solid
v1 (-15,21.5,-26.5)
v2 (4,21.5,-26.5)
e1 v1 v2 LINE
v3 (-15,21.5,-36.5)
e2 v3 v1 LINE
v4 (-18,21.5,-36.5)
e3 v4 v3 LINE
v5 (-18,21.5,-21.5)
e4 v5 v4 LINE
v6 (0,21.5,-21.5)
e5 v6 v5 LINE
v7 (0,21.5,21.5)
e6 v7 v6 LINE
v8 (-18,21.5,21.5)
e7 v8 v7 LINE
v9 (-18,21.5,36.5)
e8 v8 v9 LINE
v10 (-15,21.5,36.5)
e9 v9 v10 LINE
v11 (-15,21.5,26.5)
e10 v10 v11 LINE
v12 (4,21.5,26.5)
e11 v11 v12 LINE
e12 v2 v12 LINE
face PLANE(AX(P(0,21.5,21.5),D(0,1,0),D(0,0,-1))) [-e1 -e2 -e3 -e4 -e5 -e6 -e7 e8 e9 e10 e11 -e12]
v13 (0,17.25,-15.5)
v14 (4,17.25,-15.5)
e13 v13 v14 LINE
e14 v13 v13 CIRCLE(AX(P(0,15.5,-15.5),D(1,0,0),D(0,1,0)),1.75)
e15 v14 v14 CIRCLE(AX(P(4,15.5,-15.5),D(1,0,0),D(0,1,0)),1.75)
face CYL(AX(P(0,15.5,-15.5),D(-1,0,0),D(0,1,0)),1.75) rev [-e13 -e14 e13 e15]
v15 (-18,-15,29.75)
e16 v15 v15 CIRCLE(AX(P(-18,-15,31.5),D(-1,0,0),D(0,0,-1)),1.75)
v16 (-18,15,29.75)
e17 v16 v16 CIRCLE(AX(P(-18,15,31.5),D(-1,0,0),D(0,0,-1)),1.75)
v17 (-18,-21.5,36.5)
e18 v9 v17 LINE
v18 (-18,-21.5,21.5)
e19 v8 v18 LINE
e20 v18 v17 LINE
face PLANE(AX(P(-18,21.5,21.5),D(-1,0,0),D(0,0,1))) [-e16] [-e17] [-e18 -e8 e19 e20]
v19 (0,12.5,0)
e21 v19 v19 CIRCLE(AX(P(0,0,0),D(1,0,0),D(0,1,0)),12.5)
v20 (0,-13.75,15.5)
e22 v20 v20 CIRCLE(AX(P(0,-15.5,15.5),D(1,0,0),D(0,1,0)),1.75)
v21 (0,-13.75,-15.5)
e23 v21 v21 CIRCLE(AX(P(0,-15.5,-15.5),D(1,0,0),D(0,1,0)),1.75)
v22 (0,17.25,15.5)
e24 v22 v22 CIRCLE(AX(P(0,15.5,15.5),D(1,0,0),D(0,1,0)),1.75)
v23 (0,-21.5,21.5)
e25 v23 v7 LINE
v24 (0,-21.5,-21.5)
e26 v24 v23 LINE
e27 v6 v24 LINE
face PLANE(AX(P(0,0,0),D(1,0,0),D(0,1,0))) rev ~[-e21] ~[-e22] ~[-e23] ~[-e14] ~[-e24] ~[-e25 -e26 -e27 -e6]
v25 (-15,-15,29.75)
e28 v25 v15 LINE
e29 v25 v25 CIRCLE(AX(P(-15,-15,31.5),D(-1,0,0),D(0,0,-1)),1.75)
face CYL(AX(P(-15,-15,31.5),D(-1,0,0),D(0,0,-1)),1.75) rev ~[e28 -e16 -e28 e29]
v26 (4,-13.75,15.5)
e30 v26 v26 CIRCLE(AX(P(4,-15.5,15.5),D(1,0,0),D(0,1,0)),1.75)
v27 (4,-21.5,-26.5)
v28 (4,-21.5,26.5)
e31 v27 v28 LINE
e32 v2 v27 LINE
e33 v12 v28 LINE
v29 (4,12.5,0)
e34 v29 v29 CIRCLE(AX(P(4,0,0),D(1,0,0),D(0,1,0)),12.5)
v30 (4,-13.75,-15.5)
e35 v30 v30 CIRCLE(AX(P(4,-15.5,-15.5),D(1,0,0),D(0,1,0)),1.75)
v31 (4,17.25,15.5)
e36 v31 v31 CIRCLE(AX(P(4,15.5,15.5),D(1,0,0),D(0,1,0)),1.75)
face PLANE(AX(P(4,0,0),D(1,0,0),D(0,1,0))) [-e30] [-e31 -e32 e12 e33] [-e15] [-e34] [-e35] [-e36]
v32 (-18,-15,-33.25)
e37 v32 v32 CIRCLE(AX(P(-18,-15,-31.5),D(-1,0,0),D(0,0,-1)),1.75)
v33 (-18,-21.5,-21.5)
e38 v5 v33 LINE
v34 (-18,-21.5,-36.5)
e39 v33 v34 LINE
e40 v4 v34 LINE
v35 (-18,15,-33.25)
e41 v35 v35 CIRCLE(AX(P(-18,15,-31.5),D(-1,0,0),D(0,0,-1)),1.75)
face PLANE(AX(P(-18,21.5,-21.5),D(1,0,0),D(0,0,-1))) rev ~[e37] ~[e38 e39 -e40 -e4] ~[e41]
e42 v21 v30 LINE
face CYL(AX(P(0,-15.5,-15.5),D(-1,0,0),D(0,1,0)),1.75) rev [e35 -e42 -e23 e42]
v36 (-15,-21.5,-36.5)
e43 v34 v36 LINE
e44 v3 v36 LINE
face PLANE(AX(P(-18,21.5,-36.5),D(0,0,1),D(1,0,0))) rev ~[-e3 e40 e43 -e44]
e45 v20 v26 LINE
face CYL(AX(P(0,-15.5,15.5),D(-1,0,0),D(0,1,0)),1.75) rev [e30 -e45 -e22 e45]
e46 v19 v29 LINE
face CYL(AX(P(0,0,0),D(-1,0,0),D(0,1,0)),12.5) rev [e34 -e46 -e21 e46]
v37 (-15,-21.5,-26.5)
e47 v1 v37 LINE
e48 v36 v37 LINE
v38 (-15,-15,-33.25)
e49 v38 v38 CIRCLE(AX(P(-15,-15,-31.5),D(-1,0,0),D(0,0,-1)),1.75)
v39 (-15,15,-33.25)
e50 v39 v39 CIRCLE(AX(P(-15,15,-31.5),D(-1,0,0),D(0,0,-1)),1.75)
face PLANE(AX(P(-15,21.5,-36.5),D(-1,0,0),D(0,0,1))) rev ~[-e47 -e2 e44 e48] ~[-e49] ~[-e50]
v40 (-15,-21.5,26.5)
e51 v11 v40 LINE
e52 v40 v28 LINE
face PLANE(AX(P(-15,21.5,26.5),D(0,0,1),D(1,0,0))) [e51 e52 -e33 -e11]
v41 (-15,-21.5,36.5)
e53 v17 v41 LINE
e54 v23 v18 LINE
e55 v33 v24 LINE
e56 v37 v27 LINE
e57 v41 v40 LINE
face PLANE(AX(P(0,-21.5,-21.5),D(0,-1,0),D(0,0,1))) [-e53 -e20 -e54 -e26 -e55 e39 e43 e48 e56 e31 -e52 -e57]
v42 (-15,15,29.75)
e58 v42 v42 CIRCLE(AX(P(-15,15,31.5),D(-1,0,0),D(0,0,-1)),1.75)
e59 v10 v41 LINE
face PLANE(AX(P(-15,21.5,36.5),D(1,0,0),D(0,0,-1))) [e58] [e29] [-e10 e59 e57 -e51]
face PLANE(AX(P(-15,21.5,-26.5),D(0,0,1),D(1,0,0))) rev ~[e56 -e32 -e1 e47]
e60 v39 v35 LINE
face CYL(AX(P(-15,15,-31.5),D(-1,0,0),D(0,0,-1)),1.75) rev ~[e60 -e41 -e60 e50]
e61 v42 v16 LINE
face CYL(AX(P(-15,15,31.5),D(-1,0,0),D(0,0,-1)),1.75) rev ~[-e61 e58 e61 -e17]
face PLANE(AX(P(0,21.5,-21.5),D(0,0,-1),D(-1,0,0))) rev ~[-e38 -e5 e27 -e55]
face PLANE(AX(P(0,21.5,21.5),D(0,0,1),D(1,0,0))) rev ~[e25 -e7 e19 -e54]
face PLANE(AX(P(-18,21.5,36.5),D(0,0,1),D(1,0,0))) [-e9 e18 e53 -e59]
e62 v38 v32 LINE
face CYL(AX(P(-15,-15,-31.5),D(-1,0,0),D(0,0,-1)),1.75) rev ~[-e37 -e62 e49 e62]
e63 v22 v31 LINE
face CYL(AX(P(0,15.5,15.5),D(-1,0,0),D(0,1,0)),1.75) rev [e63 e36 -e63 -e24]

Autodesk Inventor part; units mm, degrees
ref_plane "YZ Plane" through (0, 0, 0) normal (1, 0, 0) x (0, 1, 0)
ref_plane "XZ Plane" through (0, 0, 0) normal (0, 1, 0) x (-1, 0, 0)
ref_plane "XY Plane" through (0, 0, 0) normal (0, 0, 1) x (1, 0, 0)
sketch "Sketch1" plane through (0, 0, 0) normal (1, 0, 0) x (0, 1, 0)
  circle A0 centre (0, 0) radius 12.5
  circle A1 centre (-15.5, -15.5) radius 1.75
  circle A2 centre (15.5, -15.5) radius 1.75
  circle A3 centre (15.5, 15.5) radius 1.75
  circle A4 centre (-15.5, 15.5) radius 1.75
  line L0 (21.5, -21.5) -> (-21.5, -21.5)
  line L1 (-21.5, -21.5) -> (-21.5, 21.5)
  line L2 (-21.5, 21.5) -> (21.5, 21.5)
  line L3 (21.5, 21.5) -> (21.5, -21.5)
  line L4 (21.5, -21.5) -> (-21.5, 21.5) construction
  line L5 (-21.5, -21.5) -> (21.5, 21.5) construction
  dimension "d2" = 360
  dimension "d4" = 3.5
  dimension "d5" = 25
  dimension "d6" = 31
  dimension "d7" = 43
extrude "Extrusion1" add sketch "Sketch1" along normal blind 4
sketch "Sketch5" plane through (0, 21.5, 21.5) normal (0, 1, 0) x (1, 0, 0)
  line L0 (0, 43) -> (0, 0) projected
  line L1 (0, 0) -> (4, 0) projected
  line L2 (4, 43) -> (4, 0) projected
  line L3 (0, 43) -> (4, 43) projected
  line L4 (0, 43) -> (4, 43) projected
  line L5 (0, 43) -> (-18, 43)
  line L6 (-18, 43) -> (-18, 58)
  line L7 (-18, 58) -> (-15, 58)
  line L8 (-15, 58) -> (-15, 48)
  line L9 (-15, 48) -> (4, 48)
  line L10 (4, 48) -> (4, 43)
  line L11 (0, 0) -> (-18, 0)
  line L12 (-18, 0) -> (-18, -15)
  line L13 (-18, -15) -> (-15, -15)
  line L14 (-15, -15) -> (-15, -5)
  line L15 (-15, -5) -> (4, -5)
  line L16 (4, -5) -> (4, 0)
  line L17 (4, 43) -> (4, 0) projected
  point P0 (0, 21.5)
  dimension "d17" = 5
  dimension "d18" = 3
  dimension "d19" = 10
  dimension "d23" = 22
extrude "Extrusion4" add sketch "Sketch5" against normal up to surface (43 mm away) contours L5 L6 L7 L8 L9 L10 L3 | L1 L16 L15 L14 L13 L12 L11
sketch "Sketch6" plane through (-15, 21.5, 36.5) normal (1, 0, 0) x (0, 0, -1)
  line L0 (0, -43) -> (10, -43) projected
  line L1 (10, 0) -> (10, -43) projected
  line L2 (0, 0) -> (10, 0) projected
  line L3 (0, 0) -> (0, -43) projected
  line L4 (63, -43) -> (73, -43) projected
  line L5 (73, 0) -> (73, -43) projected
  line L6 (63, 0) -> (73, 0) projected
  line L7 (63, 0) -> (63, -43) projected
  point P0 (36.5, -21.5)
  point P1 (5, -6.5)
  point P2 (5, -36.5)
  point P3 (68, -36.5)
  point P4 (68, -6.5)
  point P5 (5, 0)
  point P6 (5, -43)
  point P7 (68, -43)
  point P8 (68, 0)
  dimension "d24" = 6.5
  dimension "d25" = 6.5
  dimension "d26" = 30
hole "Hole1" at (-15, 15, 31.5) at (-15, -15, 31.5) at (-15, -15, -31.5) at (-15, 15, -31.5) direction (-1, 0, 0) diameter 3.5 end through all
equation "\"d25\" = d24"
properties part number "Z Axis Motor Bracket" material "ABS Plastic"
